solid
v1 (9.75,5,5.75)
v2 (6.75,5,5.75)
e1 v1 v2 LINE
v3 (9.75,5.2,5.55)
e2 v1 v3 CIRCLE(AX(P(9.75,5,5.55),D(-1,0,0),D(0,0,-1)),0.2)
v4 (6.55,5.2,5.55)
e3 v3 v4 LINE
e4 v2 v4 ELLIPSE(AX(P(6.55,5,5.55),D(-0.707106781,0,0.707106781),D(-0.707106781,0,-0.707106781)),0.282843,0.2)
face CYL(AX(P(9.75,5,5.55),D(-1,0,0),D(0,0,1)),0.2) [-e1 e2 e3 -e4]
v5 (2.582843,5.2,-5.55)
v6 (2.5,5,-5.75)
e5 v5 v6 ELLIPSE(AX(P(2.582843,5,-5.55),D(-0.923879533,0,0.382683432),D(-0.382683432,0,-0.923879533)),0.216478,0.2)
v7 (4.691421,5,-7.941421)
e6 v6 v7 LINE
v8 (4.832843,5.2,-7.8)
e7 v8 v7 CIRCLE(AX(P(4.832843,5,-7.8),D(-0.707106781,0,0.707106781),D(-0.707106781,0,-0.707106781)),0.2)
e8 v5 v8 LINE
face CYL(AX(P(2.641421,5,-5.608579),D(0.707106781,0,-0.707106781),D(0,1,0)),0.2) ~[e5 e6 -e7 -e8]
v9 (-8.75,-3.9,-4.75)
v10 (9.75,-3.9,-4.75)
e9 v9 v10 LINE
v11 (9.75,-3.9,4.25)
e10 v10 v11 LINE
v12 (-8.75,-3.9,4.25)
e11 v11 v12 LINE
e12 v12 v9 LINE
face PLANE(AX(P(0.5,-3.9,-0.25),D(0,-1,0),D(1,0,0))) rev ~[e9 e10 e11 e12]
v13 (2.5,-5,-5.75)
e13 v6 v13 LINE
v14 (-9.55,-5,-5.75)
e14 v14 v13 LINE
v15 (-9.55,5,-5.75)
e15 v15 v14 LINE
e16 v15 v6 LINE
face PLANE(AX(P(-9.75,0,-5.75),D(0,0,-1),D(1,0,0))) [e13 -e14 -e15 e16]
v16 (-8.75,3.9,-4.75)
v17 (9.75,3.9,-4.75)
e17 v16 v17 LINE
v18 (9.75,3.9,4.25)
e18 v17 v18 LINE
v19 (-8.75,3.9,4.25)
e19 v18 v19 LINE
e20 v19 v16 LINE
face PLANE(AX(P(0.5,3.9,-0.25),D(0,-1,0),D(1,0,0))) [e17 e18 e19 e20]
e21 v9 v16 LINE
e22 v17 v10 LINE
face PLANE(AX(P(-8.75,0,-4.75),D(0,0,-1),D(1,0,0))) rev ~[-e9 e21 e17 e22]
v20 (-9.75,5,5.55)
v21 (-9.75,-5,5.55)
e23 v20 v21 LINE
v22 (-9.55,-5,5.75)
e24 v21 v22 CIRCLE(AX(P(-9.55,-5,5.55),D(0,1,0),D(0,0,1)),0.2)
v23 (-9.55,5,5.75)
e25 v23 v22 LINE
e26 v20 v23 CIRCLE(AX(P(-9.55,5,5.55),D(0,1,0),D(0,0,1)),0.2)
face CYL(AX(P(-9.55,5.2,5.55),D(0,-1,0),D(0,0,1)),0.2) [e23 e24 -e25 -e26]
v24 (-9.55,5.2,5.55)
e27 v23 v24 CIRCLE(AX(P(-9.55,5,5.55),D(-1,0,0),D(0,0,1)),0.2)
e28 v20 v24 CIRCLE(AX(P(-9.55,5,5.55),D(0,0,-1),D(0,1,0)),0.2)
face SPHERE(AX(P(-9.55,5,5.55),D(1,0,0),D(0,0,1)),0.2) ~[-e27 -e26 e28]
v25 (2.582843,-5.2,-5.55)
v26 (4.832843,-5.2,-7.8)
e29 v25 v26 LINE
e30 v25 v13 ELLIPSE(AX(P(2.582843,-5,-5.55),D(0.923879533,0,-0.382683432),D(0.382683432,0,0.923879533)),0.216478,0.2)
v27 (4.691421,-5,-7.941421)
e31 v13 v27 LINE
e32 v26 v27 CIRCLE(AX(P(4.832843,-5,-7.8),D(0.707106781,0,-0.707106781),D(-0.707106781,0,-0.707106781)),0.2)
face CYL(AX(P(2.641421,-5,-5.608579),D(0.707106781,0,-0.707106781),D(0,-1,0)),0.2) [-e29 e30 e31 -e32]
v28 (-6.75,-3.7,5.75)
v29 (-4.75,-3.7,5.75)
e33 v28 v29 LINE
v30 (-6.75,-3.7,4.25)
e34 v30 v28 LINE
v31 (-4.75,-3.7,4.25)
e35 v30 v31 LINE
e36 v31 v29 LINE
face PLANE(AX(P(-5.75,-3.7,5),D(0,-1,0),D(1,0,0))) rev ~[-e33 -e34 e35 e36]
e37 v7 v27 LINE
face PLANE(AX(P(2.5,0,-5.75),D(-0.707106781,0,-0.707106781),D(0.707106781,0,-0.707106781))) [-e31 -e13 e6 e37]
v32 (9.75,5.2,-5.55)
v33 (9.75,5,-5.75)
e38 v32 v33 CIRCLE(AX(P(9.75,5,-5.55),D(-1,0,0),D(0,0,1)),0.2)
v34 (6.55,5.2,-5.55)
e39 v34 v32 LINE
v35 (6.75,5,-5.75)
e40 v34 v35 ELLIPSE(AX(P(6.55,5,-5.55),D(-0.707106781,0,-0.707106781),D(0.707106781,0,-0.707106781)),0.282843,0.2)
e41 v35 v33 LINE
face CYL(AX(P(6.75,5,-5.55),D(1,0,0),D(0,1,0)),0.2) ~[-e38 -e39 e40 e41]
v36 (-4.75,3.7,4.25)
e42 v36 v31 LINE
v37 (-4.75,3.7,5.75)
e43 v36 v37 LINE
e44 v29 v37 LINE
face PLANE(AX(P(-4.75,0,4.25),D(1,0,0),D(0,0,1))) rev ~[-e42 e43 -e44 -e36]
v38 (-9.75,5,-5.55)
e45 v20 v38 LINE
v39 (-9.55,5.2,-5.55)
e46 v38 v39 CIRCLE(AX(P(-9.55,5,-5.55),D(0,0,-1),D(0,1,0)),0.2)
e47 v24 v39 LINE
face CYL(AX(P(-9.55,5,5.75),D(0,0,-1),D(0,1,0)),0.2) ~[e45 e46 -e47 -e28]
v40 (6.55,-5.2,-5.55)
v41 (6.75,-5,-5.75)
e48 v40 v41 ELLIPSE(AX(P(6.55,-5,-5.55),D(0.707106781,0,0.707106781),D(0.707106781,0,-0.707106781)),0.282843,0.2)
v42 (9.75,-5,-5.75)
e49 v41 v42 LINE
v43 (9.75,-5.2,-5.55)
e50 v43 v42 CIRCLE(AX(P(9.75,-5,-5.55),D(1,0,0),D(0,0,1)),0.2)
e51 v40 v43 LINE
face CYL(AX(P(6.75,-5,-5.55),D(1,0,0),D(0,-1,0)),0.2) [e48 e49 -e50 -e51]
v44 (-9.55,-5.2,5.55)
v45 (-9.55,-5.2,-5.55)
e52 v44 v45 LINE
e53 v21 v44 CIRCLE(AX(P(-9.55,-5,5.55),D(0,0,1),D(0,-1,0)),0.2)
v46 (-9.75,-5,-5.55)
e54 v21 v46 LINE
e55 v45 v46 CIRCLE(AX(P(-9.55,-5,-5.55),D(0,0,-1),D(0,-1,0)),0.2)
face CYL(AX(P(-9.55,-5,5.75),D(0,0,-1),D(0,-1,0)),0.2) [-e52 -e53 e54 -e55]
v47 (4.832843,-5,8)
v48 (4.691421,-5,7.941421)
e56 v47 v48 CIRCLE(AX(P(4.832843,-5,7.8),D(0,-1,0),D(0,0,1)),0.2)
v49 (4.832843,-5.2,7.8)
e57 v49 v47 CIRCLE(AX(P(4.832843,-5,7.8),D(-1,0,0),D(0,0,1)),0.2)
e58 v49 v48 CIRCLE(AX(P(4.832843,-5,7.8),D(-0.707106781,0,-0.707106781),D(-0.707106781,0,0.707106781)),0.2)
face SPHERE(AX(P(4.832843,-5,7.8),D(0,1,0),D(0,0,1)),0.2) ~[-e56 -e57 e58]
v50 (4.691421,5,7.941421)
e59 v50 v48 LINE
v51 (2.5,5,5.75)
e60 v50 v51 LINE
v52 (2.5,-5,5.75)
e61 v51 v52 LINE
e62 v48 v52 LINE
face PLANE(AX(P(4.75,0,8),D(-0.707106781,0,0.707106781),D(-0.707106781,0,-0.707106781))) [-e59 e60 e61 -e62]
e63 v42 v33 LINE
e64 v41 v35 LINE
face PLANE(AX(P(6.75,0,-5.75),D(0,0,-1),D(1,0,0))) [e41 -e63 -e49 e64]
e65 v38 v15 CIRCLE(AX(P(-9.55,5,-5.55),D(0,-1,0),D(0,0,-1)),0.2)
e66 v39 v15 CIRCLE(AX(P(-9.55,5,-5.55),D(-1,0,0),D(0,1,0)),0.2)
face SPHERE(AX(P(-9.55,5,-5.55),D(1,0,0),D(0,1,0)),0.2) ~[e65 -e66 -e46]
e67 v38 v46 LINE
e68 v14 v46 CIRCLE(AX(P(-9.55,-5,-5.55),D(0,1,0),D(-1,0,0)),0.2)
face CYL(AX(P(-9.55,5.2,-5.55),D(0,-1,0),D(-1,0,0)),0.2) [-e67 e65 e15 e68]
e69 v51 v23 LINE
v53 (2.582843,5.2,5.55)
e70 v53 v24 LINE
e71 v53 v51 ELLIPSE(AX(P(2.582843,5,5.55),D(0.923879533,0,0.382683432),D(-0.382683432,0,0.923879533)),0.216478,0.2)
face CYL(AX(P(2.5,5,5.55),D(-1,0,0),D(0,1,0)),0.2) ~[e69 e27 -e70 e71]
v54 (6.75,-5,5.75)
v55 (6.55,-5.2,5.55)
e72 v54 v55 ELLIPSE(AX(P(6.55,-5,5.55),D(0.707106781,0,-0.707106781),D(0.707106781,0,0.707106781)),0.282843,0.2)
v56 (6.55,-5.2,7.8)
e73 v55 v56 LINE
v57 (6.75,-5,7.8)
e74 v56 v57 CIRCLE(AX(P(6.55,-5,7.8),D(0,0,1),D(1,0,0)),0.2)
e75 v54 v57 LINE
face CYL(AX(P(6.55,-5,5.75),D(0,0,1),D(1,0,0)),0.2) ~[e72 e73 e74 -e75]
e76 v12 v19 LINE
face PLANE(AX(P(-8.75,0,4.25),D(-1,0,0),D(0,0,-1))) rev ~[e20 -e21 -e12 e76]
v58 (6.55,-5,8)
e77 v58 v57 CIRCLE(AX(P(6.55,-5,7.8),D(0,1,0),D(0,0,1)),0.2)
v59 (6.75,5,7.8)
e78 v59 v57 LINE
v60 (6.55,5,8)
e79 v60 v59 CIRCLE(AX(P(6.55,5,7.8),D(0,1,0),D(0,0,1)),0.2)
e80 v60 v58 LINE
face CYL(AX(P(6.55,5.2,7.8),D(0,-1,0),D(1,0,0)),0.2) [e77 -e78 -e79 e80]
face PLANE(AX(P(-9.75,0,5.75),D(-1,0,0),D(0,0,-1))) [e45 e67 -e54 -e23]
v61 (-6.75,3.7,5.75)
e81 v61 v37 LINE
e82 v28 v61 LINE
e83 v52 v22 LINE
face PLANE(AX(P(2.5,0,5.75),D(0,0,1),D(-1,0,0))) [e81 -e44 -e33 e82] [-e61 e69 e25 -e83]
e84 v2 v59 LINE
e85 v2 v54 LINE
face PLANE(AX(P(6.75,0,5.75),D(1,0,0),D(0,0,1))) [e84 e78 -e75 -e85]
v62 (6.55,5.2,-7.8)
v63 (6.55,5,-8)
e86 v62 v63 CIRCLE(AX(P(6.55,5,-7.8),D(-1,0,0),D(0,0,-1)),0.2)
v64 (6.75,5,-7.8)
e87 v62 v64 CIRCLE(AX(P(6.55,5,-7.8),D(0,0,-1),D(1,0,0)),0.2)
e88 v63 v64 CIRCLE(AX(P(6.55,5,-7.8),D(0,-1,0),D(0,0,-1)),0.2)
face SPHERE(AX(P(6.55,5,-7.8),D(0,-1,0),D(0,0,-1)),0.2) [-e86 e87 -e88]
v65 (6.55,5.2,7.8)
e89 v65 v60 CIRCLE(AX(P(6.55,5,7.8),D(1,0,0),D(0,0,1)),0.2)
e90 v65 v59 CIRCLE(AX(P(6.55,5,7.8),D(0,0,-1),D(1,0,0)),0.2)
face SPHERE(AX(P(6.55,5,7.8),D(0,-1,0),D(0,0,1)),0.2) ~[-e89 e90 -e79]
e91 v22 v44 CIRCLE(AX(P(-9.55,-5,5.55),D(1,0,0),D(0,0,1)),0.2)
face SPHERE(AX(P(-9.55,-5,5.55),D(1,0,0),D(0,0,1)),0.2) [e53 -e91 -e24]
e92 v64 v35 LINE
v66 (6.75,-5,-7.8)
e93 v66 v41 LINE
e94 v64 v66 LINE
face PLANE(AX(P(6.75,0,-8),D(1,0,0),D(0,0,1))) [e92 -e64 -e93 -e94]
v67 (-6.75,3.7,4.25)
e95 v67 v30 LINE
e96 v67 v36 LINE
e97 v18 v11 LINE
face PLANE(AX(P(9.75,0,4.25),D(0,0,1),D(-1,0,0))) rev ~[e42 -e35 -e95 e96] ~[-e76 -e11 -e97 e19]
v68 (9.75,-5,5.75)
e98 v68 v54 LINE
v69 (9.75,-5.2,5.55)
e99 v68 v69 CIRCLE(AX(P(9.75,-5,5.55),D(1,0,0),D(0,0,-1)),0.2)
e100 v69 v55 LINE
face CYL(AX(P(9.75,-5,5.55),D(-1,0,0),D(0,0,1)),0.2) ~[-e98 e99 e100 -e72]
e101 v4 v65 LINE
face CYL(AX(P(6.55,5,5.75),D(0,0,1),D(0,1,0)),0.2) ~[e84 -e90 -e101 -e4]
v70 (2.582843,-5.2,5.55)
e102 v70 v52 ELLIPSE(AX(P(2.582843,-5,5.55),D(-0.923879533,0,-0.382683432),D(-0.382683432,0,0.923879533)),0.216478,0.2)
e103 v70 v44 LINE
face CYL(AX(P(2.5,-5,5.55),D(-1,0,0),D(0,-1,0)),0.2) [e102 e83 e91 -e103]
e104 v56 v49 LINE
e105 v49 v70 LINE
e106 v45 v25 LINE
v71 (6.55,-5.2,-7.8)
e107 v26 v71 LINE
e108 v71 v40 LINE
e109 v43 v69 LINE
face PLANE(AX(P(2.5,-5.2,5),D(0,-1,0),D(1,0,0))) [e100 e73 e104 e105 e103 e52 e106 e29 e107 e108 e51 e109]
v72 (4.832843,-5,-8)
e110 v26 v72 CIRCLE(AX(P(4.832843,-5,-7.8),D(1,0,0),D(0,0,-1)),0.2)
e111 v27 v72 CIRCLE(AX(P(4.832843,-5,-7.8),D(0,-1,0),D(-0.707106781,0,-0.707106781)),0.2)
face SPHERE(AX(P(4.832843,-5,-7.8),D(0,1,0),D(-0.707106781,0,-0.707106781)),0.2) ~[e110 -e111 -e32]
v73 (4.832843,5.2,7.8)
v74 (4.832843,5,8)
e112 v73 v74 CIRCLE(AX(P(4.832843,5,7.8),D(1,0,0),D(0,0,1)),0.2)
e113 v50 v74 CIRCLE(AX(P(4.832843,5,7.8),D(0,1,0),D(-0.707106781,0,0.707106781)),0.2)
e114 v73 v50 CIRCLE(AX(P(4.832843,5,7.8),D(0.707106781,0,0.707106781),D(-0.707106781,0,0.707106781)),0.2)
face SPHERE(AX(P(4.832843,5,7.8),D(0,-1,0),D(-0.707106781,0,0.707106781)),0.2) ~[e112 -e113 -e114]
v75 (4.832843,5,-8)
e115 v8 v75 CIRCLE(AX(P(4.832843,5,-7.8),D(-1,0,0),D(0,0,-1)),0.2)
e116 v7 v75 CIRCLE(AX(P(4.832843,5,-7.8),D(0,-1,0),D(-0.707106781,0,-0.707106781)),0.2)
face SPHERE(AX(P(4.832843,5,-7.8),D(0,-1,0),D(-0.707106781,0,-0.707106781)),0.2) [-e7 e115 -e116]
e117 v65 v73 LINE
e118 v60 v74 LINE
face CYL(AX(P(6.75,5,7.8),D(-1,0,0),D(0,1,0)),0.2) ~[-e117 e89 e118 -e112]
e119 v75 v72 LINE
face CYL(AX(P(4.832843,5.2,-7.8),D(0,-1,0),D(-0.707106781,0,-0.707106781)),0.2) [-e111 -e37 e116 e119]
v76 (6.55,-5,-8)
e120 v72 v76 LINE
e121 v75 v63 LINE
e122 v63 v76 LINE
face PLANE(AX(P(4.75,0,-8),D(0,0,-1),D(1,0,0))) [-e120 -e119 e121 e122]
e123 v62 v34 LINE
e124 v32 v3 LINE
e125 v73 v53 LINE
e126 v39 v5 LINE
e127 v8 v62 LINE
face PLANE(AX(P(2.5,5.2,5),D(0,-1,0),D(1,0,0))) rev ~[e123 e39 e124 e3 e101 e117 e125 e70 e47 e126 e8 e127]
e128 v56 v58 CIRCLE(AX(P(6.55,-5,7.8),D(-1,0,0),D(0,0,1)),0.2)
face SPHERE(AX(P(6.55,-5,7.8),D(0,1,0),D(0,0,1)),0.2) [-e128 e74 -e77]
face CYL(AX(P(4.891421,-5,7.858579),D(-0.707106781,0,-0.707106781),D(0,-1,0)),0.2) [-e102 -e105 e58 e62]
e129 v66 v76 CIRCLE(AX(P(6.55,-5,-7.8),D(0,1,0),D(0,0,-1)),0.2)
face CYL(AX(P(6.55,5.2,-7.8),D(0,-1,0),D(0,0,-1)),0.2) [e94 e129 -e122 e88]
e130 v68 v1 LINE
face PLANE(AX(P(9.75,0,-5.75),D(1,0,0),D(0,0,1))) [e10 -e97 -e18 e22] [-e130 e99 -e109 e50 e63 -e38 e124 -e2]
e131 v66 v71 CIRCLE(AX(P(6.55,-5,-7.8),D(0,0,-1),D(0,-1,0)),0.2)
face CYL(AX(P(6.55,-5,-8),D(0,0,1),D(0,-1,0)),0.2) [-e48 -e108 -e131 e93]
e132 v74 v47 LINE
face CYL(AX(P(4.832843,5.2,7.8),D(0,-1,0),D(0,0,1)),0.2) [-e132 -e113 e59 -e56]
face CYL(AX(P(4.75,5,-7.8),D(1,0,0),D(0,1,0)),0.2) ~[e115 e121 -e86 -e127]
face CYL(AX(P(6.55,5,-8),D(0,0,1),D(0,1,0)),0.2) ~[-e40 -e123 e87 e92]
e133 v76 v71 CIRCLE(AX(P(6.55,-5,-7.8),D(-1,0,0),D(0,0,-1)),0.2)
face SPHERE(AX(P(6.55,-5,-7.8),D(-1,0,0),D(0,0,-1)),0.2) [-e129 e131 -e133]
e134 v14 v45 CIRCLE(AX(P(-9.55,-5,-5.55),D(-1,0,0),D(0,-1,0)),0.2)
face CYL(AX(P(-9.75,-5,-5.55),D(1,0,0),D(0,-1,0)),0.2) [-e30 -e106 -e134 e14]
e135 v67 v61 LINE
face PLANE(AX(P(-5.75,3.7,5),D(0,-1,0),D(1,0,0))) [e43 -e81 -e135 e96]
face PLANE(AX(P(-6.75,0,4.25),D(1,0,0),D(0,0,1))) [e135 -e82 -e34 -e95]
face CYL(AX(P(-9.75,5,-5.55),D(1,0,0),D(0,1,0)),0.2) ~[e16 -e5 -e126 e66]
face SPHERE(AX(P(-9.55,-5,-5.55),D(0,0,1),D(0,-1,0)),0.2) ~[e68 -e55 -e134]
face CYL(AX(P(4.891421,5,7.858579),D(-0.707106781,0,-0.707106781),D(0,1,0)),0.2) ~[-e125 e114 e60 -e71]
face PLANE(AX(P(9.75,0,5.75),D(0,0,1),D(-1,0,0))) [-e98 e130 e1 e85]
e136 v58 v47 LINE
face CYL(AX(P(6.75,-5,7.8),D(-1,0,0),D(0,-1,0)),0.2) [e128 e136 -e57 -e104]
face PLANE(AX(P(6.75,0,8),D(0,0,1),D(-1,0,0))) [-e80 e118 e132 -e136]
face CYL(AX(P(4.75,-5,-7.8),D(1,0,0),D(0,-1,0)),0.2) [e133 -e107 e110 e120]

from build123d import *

# Parameters (mm, degrees)
F0_W     = 2
F0_H     = 1.5
F1_DEPTH = 5.2
F2_DEPTH = 3.7
F3_DEPTH = 3.9
F4_R     = 0.2


with BuildPart() as f1:
    # F0 (on Front) → F1 (new body, symmetric)
    with BuildSketch(Plane.XZ):
        Polygon((-4.75, 4.25), (9.75, 4.25), (9.75, 5.75), (6.75, 5.75), (2.5, 5.75), (-4.75, 5.75), align=None)
        Polygon((2.5, 5.75), (6.75, 5.75), (6.75, 8), (4.75, 8), align=None)
        Polygon((6.75, -5.75), (9.75, -5.75), (9.75, -4.75), (-8.75, -4.75), (-8.75, 4.25), (-6.75, 4.25), (-6.75, 5.75), (-9.75, 5.75), (-9.75, -5.75), (2.5, -5.75), align=None)
        Polygon((6.75, -8), (6.75, -5.75), (2.5, -5.75), (4.75, -8), align=None)
        Polygon((-8.75, -4.75), (9.75, -4.75), (9.75, 4.25), (-4.75, 4.25), (-6.75, 4.25), (-8.75, 4.25), align=None)
        with Locations((-5.75, 5)):
            Rectangle(F0_W, F0_H)
    extrude(amount=F1_DEPTH, both=True)

    # F0 (on Front) → F2 (cut, symmetric)
    with BuildSketch(Plane.XZ):
        with Locations((-5.75, 5)):
            Rectangle(F0_W, F0_H)
    extrude(amount=F2_DEPTH, both=True, mode=Mode.SUBTRACT)

    # F0 (on Front) → F3 (cut, symmetric)
    with BuildSketch(Plane.XZ):
        Polygon((-8.75, -4.75), (9.75, -4.75), (9.75, 4.25), (-4.75, 4.25), (-6.75, 4.25), (-8.75, 4.25), align=None)
    extrude(amount=F3_DEPTH, both=True, mode=Mode.SUBTRACT)

    # F4
    f4_edges = [f1.edges().sort_by_distance(p)[0] for p in [
        (-3.625, -5.2, 5.75),
        (3.625, -5.2, 6.875),
        (6.75, 0, 8),
        (4.75, 0, 8),
        (5.75, -5.2, 8),
        (6.75, -5.2, 6.875),
        (8.25, -5.2, 5.75),
        (8.25, 5.2, 5.75),
        (-3.625, 5.2, 5.75),
        (3.625, 5.2, 6.875),
        (5.75, 5.2, 8),
        (-9.75, 0, 5.75),
        (-9.75, -5.2, 0),
        (-3.625, -5.2, -5.75),
        (5.75, -5.2, -8),
        (8.25, -5.2, -5.75),
        (6.75, 0, -8),
        (4.75, 0, -8),
        (3.625, 5.2, -6.875),
        (3.625, -5.2, -6.875),
        (5.75, 5.2, -8),
        (-3.625, 5.2, -5.75),
        (8.25, 5.2, -5.75),
        (6.75, 5.2, -6.875),
        (-9.75, 5.2, 0),
        (-9.75, 0, -5.75),
        (6.75, 5.2, 6.875),
        (6.75, -5.2, -6.875),
    ]]
    fillet(f4_edges, radius=F4_R)


solid = f1.part
